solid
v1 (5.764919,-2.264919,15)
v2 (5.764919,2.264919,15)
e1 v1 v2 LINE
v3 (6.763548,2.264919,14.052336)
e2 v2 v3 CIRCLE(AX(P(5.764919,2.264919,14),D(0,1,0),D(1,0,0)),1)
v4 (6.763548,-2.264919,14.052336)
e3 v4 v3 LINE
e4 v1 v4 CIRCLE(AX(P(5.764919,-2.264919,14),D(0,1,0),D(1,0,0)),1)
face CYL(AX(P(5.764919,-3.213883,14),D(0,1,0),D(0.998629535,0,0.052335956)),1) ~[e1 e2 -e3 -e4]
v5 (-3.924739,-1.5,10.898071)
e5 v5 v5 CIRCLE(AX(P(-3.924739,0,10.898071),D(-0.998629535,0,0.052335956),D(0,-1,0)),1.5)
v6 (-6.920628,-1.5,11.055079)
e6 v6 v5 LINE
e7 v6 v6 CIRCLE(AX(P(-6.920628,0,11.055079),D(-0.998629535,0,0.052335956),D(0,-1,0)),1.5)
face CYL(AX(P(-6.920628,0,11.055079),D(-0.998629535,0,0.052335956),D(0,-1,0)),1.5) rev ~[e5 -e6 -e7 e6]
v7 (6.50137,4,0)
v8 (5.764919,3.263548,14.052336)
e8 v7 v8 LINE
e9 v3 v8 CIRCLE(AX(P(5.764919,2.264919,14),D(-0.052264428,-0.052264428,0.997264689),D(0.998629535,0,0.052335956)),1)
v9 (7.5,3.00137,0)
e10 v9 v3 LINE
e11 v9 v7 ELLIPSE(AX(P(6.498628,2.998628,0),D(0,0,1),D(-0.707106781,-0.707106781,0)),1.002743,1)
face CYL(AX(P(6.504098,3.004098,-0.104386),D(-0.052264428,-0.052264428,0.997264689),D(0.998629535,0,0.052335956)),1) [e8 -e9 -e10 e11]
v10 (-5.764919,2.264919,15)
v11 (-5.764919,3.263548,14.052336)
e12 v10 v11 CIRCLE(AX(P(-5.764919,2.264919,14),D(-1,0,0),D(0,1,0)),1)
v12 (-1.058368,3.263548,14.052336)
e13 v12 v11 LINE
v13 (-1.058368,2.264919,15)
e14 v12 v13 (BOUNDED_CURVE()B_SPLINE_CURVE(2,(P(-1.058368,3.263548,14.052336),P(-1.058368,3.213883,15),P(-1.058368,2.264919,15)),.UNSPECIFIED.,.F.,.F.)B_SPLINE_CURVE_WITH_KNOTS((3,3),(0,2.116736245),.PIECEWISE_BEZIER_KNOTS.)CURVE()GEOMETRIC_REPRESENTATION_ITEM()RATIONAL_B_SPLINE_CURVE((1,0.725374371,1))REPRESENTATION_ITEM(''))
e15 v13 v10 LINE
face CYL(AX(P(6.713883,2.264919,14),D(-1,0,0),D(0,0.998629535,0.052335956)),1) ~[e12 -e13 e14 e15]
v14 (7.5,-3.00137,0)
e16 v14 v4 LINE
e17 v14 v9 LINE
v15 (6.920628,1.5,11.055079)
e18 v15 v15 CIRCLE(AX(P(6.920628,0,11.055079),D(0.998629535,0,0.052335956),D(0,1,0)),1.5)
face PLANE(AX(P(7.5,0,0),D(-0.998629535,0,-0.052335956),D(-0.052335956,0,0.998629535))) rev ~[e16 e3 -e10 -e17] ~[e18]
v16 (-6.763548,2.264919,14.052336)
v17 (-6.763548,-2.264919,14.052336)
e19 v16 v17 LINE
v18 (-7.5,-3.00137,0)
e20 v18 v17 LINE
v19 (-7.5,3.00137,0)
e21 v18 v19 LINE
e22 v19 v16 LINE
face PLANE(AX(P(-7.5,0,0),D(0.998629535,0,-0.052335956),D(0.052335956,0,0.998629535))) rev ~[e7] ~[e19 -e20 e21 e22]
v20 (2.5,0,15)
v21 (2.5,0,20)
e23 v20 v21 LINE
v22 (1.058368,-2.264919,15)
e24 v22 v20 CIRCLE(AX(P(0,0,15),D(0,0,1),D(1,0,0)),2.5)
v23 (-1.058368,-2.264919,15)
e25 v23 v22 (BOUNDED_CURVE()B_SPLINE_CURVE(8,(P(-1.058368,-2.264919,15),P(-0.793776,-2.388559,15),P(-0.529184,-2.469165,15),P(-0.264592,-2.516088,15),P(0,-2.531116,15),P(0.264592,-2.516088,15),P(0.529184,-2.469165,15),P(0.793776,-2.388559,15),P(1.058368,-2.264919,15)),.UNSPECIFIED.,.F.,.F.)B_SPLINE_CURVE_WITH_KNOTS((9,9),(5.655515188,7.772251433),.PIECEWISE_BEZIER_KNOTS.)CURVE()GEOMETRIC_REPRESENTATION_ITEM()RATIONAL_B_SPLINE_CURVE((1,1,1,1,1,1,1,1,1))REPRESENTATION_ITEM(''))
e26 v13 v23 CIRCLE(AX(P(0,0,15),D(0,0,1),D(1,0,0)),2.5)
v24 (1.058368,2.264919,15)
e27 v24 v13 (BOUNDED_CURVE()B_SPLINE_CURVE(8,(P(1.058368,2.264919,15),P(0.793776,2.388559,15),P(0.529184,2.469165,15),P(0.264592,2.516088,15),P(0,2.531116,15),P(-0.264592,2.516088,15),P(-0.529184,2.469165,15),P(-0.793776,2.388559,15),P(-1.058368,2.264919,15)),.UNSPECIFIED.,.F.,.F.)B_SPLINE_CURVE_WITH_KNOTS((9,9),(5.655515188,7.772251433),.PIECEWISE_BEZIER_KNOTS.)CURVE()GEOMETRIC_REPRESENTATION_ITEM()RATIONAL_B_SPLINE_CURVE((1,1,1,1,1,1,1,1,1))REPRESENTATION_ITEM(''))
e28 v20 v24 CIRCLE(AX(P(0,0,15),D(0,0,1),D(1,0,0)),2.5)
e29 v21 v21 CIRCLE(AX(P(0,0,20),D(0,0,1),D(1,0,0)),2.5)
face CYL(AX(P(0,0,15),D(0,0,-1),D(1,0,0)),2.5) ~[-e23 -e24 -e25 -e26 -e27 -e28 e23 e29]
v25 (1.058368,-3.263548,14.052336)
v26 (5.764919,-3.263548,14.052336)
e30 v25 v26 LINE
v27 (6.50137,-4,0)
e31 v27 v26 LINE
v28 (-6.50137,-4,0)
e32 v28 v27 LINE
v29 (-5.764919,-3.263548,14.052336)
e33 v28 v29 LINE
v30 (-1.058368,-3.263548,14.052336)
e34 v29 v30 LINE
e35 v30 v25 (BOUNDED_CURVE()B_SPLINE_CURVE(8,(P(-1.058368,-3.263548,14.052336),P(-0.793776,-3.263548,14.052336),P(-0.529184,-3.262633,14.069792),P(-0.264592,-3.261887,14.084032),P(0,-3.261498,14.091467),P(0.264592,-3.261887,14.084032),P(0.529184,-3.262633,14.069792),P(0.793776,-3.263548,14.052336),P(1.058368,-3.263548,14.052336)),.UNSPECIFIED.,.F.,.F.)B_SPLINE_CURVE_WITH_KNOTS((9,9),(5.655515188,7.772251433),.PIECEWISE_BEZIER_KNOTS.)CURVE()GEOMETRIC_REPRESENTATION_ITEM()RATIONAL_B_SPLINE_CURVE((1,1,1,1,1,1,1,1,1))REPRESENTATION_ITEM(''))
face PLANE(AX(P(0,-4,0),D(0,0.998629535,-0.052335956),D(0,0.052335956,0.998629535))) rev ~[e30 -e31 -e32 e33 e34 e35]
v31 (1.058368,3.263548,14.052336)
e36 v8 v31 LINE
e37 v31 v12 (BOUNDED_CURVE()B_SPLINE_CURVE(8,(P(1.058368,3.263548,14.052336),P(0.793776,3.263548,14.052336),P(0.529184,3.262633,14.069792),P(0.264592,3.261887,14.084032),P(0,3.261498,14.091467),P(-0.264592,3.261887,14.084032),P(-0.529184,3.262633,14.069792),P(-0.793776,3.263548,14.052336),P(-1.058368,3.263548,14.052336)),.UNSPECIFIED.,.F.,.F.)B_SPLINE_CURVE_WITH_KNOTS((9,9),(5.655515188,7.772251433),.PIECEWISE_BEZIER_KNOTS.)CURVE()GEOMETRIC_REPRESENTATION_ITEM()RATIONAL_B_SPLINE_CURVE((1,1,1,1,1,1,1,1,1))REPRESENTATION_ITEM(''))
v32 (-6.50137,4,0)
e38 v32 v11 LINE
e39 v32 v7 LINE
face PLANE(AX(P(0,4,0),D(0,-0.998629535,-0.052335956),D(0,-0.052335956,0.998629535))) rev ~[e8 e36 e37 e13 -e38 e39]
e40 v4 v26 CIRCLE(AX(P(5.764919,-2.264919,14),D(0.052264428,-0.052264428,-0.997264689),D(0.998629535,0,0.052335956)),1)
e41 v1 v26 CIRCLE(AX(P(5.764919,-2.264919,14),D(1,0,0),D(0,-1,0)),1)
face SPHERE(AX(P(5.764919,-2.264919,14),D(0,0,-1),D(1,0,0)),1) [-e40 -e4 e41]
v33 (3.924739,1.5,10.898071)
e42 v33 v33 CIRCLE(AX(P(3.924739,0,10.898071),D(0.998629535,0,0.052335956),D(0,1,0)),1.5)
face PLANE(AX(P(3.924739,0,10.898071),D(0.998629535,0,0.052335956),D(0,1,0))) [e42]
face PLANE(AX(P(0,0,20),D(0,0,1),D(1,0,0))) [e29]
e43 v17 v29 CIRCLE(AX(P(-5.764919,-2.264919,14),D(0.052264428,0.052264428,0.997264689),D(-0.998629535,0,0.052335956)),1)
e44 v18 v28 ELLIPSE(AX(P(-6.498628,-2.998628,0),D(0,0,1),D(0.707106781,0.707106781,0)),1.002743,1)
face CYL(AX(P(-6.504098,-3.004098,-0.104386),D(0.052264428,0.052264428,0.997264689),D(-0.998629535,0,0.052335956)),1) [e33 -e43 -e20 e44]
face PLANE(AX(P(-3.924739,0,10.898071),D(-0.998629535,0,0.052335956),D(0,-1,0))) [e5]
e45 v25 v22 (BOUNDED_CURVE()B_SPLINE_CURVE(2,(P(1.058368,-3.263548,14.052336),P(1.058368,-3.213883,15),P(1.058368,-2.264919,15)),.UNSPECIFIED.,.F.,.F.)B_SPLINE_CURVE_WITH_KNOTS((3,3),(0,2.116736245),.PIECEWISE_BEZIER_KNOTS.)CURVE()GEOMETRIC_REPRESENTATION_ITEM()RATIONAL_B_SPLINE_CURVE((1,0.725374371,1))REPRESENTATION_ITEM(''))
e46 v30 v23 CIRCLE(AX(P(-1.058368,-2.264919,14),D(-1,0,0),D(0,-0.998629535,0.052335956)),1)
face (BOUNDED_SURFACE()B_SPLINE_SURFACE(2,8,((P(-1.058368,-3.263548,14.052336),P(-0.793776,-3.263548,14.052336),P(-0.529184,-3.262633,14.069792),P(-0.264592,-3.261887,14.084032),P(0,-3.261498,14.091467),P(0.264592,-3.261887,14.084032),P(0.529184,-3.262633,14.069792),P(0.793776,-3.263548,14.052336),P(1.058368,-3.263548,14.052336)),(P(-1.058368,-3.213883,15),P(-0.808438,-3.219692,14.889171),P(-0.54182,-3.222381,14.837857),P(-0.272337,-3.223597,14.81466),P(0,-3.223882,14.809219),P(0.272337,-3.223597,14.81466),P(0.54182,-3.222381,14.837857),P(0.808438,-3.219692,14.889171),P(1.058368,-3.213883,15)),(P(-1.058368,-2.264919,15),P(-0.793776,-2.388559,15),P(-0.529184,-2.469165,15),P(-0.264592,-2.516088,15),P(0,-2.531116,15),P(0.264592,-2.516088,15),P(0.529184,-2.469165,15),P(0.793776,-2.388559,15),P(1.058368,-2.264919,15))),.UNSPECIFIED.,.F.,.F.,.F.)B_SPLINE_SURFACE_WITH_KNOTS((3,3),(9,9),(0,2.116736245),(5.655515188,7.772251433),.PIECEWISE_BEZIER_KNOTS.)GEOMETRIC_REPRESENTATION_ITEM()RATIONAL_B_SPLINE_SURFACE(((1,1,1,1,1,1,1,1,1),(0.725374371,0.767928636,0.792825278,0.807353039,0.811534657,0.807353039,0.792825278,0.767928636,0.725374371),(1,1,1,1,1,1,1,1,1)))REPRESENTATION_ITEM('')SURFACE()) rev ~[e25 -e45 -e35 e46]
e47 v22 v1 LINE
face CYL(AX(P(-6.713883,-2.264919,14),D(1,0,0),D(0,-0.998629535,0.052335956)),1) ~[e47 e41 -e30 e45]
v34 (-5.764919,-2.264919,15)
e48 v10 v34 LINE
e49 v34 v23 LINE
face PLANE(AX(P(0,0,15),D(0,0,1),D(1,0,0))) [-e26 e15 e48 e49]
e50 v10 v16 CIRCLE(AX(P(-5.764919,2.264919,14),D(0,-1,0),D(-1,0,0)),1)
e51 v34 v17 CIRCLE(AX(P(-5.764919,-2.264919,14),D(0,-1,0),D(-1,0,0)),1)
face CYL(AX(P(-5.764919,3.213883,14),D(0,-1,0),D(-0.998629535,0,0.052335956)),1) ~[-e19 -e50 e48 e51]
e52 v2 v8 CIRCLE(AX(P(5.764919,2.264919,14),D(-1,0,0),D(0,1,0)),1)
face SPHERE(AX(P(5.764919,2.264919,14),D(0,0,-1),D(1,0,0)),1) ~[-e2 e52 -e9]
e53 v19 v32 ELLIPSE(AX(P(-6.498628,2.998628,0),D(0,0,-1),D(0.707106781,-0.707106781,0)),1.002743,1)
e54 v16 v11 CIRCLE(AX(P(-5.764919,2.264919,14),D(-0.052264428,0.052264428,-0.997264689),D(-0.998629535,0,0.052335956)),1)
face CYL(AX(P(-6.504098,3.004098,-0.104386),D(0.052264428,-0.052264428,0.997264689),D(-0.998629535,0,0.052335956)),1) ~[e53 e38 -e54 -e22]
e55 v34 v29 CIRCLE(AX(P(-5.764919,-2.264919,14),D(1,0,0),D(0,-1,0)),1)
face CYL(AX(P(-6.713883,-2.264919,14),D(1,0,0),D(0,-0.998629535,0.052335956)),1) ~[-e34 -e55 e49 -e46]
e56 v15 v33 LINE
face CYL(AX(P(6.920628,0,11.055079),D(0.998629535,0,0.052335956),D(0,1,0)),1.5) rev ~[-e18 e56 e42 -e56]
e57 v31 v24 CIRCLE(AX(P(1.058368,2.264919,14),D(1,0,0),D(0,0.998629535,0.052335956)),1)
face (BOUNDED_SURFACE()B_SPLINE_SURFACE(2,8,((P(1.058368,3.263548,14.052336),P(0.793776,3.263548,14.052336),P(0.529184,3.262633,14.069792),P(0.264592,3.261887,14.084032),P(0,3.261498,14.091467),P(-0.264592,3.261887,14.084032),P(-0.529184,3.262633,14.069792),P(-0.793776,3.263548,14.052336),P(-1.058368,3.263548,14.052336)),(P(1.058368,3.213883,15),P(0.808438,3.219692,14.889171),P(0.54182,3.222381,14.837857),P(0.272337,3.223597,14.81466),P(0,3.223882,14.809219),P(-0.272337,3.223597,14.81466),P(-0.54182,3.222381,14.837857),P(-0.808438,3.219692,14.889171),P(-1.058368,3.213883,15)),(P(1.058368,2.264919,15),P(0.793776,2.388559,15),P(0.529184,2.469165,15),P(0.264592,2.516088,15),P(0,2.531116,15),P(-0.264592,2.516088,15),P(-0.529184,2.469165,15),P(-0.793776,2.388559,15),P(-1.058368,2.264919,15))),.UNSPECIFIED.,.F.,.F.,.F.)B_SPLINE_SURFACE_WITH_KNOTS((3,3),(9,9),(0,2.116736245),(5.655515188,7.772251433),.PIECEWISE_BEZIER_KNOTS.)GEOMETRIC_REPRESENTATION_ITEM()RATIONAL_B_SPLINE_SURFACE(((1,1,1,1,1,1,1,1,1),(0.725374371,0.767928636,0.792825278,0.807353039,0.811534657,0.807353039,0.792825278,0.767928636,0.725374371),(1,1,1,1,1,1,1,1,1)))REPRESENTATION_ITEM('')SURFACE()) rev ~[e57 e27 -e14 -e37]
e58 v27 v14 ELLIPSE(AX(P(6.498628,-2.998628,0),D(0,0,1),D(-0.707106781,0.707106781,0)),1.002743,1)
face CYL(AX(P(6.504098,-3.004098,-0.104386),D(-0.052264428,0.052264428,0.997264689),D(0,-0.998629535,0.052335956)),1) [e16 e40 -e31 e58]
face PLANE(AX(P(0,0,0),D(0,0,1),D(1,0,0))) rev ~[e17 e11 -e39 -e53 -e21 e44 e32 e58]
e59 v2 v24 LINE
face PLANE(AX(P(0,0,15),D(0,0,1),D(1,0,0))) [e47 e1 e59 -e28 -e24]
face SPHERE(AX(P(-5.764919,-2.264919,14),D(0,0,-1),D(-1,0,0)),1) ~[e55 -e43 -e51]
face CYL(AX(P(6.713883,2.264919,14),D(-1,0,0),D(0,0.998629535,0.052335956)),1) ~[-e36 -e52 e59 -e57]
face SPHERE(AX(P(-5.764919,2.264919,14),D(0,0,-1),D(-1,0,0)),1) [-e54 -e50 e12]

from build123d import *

# Parameters (mm, degrees)
F0_W     = 15
F0_H     = 8
F1_DEPTH = 15
F1_TAPER = 3
F2_R     = 2.5
F3_DEPTH = 5
F4_R     = 1
F5_R     = 1.5
F6_DEPTH = 3
F7_R     = 1.5
F8_DEPTH = 3


with BuildPart() as f1:
    # F0 (on Top) → F1 (new body)
    with BuildSketch(Plane.XY):
        Rectangle(F0_W, F0_H)
    extrude(amount=F1_DEPTH, taper=F1_TAPER)

    # F2 (on face) → F3 (join)
    with BuildSketch(Plane.XY.offset(15)):
        Circle(F2_R)
    extrude(amount=F3_DEPTH)

    # F4
    f4_edges = [f1.edges().sort_by_distance(p)[0] for p in [
        (7.106942, -3.606942, 7.5),
        (-7.106942, -3.606942, 7.5),
        (7.106942, 3.606942, 7.5),
        (6.713883, 0, 15),
        (-7.106942, 3.606942, 7.5),
        (-6.713883, 0, 15),
        (0, 3.213883, 15),
        (0, -3.213883, 15),
    ]]
    fillet(f4_edges, radius=F4_R)

    # F5 (on face) → F6 (cut)
    with BuildSketch(Plane(origin=(7.4794571076, 0, 0.3919817373), x_dir=(0, 1, 0), z_dir=(0.9986295348, 0, 0.0523359562))):
        with Locations((0, 10.6777304862)):
            Circle(F5_R)
    extrude(amount=-F6_DEPTH, mode=Mode.SUBTRACT)

    # F7 (on face) → F8 (cut)
    with BuildSketch(Plane(origin=(-7.4794571076, 0, 0.3919817373), x_dir=(0, -1, 0), z_dir=(-0.9986295348, 0, 0.0523359562))):
        with Locations((0, 10.6777304862)):
            Circle(F7_R)
    extrude(amount=-F8_DEPTH, mode=Mode.SUBTRACT)


solid = f1.part
